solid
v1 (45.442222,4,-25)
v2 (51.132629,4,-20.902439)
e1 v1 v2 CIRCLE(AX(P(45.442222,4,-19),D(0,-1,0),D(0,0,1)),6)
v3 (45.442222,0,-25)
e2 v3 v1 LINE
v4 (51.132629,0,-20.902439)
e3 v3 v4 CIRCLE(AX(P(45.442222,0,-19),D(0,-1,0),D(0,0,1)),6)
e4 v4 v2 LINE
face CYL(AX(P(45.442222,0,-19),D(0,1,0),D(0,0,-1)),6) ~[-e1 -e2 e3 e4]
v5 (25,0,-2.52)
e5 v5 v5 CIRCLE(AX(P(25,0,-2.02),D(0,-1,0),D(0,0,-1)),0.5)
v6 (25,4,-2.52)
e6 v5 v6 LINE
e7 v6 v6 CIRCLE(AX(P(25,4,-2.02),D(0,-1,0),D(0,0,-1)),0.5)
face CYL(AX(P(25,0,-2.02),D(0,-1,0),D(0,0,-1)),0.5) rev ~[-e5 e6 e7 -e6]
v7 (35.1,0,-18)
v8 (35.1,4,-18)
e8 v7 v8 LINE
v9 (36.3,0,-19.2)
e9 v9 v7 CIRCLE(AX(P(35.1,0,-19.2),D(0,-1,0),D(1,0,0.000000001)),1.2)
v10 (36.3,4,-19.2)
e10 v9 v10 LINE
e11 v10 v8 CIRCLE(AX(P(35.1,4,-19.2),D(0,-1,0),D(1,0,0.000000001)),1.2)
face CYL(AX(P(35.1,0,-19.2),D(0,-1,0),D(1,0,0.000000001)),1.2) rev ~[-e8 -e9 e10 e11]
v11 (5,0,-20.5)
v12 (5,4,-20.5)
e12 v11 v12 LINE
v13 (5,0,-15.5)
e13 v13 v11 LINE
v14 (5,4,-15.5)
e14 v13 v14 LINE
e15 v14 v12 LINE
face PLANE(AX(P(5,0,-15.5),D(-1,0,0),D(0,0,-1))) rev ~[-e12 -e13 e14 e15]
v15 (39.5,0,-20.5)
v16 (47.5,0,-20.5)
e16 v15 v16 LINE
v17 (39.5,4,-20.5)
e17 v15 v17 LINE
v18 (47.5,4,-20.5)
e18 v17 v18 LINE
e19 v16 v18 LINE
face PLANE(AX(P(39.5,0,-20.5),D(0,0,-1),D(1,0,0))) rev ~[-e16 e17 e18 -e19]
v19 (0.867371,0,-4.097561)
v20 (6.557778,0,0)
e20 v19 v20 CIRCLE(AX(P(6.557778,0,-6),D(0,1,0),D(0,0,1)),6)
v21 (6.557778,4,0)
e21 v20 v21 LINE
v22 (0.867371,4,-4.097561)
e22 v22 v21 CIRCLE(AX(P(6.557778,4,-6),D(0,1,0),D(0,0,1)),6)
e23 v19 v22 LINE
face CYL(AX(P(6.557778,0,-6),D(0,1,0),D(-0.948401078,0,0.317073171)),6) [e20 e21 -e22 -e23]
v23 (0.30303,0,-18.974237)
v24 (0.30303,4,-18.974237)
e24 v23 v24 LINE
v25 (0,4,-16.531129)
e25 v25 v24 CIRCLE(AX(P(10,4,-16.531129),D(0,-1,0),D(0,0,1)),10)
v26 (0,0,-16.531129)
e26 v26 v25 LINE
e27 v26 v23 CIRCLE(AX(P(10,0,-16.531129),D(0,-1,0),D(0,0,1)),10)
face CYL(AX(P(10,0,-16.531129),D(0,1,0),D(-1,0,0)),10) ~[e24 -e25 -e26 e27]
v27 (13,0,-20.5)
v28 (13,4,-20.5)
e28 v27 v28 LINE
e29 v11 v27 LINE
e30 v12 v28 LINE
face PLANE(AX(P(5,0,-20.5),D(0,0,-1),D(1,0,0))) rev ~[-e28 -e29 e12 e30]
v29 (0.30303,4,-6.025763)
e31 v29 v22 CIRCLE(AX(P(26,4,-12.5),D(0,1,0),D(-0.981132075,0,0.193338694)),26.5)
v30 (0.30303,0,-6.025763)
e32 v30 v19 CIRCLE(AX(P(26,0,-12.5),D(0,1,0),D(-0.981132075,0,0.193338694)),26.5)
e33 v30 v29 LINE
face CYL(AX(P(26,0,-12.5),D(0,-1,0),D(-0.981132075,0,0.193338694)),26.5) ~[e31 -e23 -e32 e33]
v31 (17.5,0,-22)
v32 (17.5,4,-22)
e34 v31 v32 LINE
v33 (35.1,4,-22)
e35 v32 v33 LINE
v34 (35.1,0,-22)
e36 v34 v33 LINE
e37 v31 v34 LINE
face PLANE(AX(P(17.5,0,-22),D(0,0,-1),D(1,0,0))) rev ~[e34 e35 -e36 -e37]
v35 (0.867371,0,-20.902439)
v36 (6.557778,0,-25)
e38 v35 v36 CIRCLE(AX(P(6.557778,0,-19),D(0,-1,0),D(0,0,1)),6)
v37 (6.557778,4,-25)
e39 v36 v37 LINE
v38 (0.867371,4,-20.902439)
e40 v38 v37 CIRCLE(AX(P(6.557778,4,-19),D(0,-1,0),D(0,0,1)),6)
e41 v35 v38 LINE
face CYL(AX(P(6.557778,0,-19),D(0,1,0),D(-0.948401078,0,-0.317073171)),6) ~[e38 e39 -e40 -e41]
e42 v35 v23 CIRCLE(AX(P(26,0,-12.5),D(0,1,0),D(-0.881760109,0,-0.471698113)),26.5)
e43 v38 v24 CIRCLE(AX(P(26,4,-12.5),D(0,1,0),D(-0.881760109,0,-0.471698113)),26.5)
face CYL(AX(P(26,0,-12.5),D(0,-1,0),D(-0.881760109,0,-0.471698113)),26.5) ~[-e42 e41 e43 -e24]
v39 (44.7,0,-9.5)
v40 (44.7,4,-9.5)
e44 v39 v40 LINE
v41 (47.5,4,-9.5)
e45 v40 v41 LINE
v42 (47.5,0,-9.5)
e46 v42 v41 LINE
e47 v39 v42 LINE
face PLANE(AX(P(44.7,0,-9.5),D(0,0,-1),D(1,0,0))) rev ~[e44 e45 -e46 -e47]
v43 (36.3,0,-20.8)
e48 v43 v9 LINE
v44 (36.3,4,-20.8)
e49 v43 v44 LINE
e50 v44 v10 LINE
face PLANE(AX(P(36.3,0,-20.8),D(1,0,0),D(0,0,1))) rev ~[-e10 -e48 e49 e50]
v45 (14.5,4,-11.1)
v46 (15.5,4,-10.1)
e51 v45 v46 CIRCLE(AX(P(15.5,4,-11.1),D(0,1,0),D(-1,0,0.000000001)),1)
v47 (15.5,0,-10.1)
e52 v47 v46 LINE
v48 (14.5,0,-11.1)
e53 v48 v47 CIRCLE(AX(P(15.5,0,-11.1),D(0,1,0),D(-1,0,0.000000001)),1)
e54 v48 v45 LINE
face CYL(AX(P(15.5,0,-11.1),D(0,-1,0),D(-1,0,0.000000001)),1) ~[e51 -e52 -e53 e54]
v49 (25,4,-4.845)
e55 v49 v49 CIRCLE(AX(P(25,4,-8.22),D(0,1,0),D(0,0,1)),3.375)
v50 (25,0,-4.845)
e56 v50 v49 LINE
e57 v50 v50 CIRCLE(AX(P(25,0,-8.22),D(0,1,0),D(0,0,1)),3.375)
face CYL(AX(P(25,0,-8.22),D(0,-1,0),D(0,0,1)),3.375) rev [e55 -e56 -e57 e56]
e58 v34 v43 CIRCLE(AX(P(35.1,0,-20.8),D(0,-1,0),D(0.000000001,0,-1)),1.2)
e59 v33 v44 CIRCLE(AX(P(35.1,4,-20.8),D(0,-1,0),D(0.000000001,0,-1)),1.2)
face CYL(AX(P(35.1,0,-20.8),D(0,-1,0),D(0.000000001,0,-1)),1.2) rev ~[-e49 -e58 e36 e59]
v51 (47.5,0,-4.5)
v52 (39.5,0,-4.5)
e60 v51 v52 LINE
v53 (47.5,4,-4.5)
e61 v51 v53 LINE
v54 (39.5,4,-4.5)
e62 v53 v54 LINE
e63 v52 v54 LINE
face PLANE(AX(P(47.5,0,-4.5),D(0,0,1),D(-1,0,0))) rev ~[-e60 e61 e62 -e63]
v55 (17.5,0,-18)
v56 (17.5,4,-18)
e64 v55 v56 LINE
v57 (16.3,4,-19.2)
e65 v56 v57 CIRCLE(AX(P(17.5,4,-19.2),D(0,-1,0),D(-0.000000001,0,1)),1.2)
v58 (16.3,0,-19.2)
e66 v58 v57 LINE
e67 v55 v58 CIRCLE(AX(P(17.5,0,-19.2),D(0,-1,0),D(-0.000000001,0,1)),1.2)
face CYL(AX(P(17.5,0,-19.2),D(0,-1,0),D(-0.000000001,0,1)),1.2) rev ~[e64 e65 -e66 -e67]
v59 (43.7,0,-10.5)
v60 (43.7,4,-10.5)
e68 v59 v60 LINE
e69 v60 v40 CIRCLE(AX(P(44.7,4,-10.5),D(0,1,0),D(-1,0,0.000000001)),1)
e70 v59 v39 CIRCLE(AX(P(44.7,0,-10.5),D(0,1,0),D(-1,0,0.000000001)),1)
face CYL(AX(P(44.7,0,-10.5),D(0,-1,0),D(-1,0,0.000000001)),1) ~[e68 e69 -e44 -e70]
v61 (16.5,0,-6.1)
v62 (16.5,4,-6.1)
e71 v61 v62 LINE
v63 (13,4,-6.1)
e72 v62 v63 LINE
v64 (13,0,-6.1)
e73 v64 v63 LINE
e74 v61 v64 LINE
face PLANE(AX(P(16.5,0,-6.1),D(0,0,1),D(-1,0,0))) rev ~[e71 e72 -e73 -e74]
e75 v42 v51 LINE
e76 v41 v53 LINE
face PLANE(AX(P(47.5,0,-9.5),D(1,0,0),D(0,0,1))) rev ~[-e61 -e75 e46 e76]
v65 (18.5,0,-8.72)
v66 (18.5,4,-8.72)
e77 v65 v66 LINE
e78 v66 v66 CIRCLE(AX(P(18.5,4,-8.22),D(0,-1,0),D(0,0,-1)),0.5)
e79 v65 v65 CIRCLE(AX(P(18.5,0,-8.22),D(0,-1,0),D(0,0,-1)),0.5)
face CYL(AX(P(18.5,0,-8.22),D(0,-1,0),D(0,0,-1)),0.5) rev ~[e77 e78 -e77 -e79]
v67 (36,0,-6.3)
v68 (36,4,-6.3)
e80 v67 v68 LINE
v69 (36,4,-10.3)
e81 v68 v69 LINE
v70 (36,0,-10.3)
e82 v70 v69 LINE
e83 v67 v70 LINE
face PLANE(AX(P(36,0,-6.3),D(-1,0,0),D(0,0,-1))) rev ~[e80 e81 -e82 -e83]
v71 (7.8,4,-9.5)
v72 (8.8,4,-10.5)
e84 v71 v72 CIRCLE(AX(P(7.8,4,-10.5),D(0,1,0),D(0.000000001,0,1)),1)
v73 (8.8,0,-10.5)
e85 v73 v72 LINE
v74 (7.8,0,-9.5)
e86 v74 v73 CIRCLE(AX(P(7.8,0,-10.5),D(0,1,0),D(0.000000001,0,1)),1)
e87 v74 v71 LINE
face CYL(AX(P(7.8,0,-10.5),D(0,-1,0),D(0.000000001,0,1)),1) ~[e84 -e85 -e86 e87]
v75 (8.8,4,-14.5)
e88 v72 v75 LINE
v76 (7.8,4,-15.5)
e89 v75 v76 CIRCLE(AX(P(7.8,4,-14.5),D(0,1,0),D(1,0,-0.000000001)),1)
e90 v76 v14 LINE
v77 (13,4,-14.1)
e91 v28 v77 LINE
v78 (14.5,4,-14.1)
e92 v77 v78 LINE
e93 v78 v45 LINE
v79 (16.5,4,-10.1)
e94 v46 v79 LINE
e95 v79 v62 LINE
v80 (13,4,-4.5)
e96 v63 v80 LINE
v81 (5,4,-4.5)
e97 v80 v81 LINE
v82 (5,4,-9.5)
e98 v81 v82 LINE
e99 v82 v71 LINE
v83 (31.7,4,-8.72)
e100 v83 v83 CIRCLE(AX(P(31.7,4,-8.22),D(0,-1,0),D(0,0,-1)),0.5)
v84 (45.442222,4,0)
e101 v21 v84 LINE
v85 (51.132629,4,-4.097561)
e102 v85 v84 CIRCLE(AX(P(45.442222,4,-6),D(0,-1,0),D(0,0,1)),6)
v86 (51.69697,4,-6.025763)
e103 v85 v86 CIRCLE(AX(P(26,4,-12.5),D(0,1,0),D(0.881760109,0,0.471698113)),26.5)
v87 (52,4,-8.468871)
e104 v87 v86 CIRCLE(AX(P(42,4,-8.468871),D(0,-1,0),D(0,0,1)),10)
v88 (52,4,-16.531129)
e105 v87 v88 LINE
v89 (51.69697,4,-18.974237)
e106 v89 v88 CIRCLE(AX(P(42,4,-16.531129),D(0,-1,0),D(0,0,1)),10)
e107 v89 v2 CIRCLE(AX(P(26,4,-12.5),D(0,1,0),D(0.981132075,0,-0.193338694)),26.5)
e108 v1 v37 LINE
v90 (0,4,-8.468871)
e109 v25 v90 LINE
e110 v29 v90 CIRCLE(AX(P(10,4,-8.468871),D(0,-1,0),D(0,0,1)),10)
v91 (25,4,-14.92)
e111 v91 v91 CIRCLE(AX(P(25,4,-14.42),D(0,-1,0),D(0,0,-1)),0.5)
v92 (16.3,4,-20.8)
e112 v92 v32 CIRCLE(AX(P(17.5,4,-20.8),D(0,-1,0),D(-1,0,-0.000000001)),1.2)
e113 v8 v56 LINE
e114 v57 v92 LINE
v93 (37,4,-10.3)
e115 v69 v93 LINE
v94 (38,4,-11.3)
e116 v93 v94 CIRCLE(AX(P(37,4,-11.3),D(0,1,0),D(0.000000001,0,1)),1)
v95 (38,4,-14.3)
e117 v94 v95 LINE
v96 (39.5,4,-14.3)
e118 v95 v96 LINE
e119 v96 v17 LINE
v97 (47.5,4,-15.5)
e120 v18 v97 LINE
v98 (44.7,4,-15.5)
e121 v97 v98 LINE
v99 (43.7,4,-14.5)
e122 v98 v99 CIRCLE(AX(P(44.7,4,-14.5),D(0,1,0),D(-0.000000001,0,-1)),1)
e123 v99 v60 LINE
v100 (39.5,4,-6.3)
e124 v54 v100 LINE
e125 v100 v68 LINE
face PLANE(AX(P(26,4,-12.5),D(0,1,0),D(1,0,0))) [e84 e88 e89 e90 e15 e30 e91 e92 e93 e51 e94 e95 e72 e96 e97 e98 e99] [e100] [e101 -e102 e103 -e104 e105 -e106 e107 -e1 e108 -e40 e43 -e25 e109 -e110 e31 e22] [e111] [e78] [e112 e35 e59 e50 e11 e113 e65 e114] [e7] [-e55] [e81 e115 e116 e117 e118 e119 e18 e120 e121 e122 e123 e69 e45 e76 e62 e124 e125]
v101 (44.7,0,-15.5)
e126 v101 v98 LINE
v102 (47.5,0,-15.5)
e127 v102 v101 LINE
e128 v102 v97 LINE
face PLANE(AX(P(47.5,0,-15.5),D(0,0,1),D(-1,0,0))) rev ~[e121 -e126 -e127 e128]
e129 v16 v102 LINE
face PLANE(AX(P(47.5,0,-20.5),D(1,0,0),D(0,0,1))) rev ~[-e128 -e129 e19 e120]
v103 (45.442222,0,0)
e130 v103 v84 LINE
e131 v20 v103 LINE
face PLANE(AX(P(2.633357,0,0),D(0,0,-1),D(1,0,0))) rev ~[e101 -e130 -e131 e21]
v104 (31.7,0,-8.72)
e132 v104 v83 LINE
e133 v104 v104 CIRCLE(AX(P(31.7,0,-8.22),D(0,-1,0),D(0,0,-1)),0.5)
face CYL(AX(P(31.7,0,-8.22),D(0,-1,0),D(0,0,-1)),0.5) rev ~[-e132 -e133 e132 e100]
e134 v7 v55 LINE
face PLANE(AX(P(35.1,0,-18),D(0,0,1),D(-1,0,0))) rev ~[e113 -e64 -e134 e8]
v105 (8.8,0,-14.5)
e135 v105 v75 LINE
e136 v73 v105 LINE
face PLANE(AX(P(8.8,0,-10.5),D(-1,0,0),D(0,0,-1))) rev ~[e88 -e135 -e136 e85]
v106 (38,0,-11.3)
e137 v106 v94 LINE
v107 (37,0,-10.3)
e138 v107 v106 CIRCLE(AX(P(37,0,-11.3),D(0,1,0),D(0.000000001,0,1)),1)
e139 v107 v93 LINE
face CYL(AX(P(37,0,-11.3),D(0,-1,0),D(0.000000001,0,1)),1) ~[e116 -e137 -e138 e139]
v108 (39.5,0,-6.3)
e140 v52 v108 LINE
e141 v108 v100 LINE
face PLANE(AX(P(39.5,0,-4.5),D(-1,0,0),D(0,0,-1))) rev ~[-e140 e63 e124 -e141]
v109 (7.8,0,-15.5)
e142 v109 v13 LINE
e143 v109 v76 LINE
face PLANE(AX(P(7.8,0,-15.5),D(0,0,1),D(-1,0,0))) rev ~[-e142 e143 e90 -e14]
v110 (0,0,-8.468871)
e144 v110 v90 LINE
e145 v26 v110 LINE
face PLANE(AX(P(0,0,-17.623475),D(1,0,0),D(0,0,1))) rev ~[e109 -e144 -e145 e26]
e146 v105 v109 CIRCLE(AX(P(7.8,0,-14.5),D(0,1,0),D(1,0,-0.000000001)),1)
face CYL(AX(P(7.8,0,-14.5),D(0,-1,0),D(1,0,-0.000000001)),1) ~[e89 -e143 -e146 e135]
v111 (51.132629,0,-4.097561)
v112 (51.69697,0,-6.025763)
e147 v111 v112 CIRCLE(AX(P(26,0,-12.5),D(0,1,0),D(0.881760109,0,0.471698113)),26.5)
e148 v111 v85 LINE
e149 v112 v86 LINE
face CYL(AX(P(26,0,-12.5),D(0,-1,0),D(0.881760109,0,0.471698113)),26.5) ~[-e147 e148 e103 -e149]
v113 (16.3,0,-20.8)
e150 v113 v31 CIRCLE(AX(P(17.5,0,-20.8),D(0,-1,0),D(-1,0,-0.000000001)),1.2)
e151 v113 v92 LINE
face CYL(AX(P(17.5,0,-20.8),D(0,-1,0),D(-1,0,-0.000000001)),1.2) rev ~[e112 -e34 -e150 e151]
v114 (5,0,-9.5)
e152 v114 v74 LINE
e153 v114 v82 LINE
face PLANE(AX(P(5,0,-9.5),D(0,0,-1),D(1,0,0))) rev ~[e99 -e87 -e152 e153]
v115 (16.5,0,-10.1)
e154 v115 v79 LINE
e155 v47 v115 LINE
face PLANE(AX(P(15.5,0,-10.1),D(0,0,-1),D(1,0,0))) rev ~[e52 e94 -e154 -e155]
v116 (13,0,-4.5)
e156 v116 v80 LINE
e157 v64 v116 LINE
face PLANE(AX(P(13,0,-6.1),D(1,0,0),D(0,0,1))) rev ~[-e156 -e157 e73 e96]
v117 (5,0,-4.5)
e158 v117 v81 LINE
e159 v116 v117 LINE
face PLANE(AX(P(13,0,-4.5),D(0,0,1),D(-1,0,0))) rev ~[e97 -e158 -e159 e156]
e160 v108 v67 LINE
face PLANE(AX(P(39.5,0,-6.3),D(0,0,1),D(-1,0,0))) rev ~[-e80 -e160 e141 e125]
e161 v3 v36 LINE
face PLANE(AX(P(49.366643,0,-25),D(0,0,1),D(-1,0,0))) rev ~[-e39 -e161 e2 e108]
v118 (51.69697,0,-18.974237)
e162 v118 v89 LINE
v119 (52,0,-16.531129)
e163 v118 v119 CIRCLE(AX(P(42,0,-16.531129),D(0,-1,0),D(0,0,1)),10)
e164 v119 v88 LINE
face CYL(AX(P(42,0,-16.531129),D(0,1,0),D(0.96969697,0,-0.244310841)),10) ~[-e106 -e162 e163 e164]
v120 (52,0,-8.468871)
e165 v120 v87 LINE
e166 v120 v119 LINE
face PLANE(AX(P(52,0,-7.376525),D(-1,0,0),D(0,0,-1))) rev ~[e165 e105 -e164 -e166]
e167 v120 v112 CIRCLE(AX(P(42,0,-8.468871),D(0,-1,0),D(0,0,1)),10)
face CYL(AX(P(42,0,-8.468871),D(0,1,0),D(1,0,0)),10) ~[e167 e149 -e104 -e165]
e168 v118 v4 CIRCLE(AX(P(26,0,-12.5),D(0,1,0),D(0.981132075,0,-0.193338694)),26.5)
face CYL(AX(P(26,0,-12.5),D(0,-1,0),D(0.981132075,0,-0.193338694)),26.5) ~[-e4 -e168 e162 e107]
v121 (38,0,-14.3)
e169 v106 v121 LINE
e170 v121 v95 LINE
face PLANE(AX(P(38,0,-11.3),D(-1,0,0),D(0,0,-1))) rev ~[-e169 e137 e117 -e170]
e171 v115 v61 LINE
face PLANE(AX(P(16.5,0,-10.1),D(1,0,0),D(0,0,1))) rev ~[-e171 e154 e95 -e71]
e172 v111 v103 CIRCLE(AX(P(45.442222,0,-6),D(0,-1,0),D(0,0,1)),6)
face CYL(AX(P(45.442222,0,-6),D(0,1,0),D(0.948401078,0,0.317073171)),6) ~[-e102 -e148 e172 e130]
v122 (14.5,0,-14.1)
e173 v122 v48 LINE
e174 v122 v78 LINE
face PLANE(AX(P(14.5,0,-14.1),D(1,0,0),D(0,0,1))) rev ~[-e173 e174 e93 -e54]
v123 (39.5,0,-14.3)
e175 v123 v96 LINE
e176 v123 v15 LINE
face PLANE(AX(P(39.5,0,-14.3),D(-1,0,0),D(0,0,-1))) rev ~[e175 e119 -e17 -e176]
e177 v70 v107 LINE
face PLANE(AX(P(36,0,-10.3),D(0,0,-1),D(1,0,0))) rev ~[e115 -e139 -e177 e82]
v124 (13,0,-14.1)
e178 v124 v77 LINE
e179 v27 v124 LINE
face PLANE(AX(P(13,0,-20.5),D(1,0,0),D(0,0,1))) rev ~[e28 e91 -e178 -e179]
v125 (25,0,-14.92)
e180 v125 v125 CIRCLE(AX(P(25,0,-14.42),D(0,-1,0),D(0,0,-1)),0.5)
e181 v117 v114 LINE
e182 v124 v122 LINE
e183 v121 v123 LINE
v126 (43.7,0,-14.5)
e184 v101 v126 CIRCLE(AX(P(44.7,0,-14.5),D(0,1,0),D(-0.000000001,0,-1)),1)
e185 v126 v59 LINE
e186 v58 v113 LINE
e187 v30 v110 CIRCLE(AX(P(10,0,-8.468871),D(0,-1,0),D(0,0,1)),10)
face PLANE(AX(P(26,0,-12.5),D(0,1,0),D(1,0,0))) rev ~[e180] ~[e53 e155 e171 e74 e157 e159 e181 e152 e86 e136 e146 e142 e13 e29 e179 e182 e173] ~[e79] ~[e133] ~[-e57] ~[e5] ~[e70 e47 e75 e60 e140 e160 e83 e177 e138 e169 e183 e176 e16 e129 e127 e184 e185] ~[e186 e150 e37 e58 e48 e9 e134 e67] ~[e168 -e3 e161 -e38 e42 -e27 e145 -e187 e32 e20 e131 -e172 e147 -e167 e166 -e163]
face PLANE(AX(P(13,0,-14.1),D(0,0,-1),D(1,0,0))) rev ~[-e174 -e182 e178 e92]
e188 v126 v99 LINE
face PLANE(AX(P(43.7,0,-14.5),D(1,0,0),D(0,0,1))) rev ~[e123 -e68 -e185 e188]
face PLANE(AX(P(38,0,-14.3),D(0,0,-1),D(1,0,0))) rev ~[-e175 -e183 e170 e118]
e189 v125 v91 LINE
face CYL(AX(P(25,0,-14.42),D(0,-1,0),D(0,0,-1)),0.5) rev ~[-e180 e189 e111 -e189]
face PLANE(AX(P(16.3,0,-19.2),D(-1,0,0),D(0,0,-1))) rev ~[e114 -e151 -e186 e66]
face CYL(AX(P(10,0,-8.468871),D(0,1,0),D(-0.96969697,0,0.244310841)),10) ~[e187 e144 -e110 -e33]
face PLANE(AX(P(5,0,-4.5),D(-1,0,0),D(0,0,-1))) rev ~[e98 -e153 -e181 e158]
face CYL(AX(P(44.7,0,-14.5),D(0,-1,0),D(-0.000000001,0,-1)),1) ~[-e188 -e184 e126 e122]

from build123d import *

# Parameters (mm, degrees)
SCHIZZO1_R                   = 3.375
ESTRUSIONE_ESTRUSIONE1_DEPTH = 4
RACCORDO1_R                  = 6
RACCORDO4_R                  = 6
RACCORDO5_R                  = 6
RACCORDO6_R                  = 6
RACCORDO8_R                  = 10
RACCORDO9_R                  = 10
RACCORDO10_R                 = 10
RACCORDO11_R                 = 10
SCHIZZO2_R                   = 0.5
TAGLIO_ESTRUSIONE1_DEPTH     = 58.835974964


with BuildPart() as part:
    # Schizzo1 → Estrusione-Estrusione1 (new body)
    with BuildSketch(Plane(origin=(0, 0, 0), x_dir=(1, 0, 0), z_dir=(0, 1, 0))):
        with BuildLine():
            ThreePointArc((0, 7.376524617), (1.042643641, 3.590434154), (2.633357109, 0))
            Line((2.633357109, 0), (49.366642891, 0))
            ThreePointArc((49.366642891, 0), (50.957356359, 3.590434154), (52, 7.376524617))
            Line((52, 7.376524617), (52, 17.623475383))
            ThreePointArc((52, 17.623475383), (50.957356359, 21.409565846), (49.366642891, 25))
            Line((49.366642891, 25), (2.633357109, 25))
            ThreePointArc((2.633357109, 25), (1.042643641, 21.409565846), (0, 17.623475383))
            Line((0, 17.623475383), (0, 7.376524617))
        make_face()
        with BuildLine():
            Line((17.5, 22), (35.1, 22))
            ThreePointArc((35.1, 22), (35.948528137, 21.648528137), (36.3, 20.8))
            Line((36.3, 20.8), (36.3, 19.2))
            ThreePointArc((36.3, 19.2), (35.948528137, 18.351471863), (35.1, 18))
            Line((35.1, 18), (17.5, 18))
            ThreePointArc((17.5, 18), (16.651471863, 18.351471863), (16.3, 19.2))
            Line((16.3, 19.2), (16.3, 20.8))
            ThreePointArc((16.3, 20.8), (16.651471863, 21.648528137), (17.5, 22))
        make_face(mode=Mode.SUBTRACT)
        with Locations(Location((25, 8.22, 0), (0, 0, 270))):
            Circle(SCHIZZO1_R, mode=Mode.SUBTRACT)
        with BuildLine():
            Line((5, 15.5), (5, 20.5))
            Line((5, 20.5), (13, 20.5))
            Line((13, 20.5), (13, 14.1))
            Line((13, 14.1), (14.5, 14.1))
            Line((14.5, 14.1), (14.5, 11.1))
            ThreePointArc((14.5, 11.1), (14.792893219, 10.392893219), (15.5, 10.1))
            Line((15.5, 10.1), (16.5, 10.1))
            Line((16.5, 10.1), (16.5, 6.1))
            Line((16.5, 6.1), (13, 6.1))
            Line((13, 6.1), (13, 4.5))
            Line((13, 4.5), (5, 4.5))
            Line((5, 4.5), (5, 9.5))
            Line((5, 9.5), (7.8, 9.5))
            ThreePointArc((7.8, 9.5), (8.507106781, 9.792893219), (8.8, 10.5))
            Line((8.8, 10.5), (8.8, 14.5))
            ThreePointArc((8.8, 14.5), (8.507106781, 15.207106781), (7.8, 15.5))
            Line((7.8, 15.5), (5, 15.5))
        make_face(mode=Mode.SUBTRACT)
        with BuildLine():
            Line((36, 10.3), (37, 10.3))
            ThreePointArc((37, 10.3), (37.707106781, 10.592893219), (38, 11.3))
            Line((38, 11.3), (38, 14.3))
            Line((38, 14.3), (39.5, 14.3))
            Line((39.5, 14.3), (39.5, 20.5))
            Line((39.5, 20.5), (47.5, 20.5))
            Line((47.5, 20.5), (47.5, 15.5))
            Line((47.5, 15.5), (44.7, 15.5))
            ThreePointArc((44.7, 15.5), (43.992893219, 15.207106781), (43.7, 14.5))
            Line((43.7, 14.5), (43.7, 10.5))
            ThreePointArc((43.7, 10.5), (43.992893219, 9.792893219), (44.7, 9.5))
            Line((44.7, 9.5), (47.5, 9.5))
            Line((47.5, 9.5), (47.5, 4.5))
            Line((47.5, 4.5), (39.5, 4.5))
            Line((39.5, 4.5), (39.5, 6.3))
            Line((39.5, 6.3), (36, 6.3))
            Line((36, 6.3), (36, 10.3))
        make_face(mode=Mode.SUBTRACT)
    extrude(amount=ESTRUSIONE_ESTRUSIONE1_DEPTH)

    # Raccordo1
    raccordo1_edges = [part.edges().sort_by_distance(p)[0] for p in [
        (2.633357109, 2, -25),
    ]]
    fillet(raccordo1_edges, radius=RACCORDO1_R)

    # Raccordo4
    raccordo4_edges = [part.edges().sort_by_distance(p)[0] for p in [
        (2.633357109, 2, 0),
    ]]
    fillet(raccordo4_edges, radius=RACCORDO4_R)

    # Raccordo5
    raccordo5_edges = [part.edges().sort_by_distance(p)[0] for p in [
        (49.366642891, 2, -25),
    ]]
    fillet(raccordo5_edges, radius=RACCORDO5_R)

    # Raccordo6
    raccordo6_edges = [part.edges().sort_by_distance(p)[0] for p in [
        (49.366642891, 2, 0),
    ]]
    fillet(raccordo6_edges, radius=RACCORDO6_R)

    # Raccordo8
    raccordo8_edges = [part.edges().sort_by_distance(p)[0] for p in [
        (0, 2, -7.376524617),
    ]]
    fillet(raccordo8_edges, radius=RACCORDO8_R)

    # Raccordo9
    raccordo9_edges = [part.edges().sort_by_distance(p)[0] for p in [
        (0, 2, -17.623475383),
    ]]
    fillet(raccordo9_edges, radius=RACCORDO9_R)

    # Raccordo10
    raccordo10_edges = [part.edges().sort_by_distance(p)[0] for p in [
        (52, 2, -17.623475383),
    ]]
    fillet(raccordo10_edges, radius=RACCORDO10_R)

    # Raccordo11
    raccordo11_edges = [part.edges().sort_by_distance(p)[0] for p in [
        (52, 2, -7.376524617),
    ]]
    fillet(raccordo11_edges, radius=RACCORDO11_R)

    # Schizzo2 → Taglio-Estrusione1 (cut, through all)
    with BuildSketch(Plane.XZ):
        with Locations(Location((25, -14.42, 0), (0, 0, 270))):
            Circle(SCHIZZO2_R)
        with Locations(Location((31.7, -8.22, 0), (0, 0, 270))):
            Circle(SCHIZZO2_R)
        with Locations(Location((18.5, -8.22, 0), (0, 0, 270))):
            Circle(SCHIZZO2_R)
        with Locations(Location((25, -2.02, 0), (0, 0, 270))):
            Circle(SCHIZZO2_R)
    extrude(amount=-TAGLIO_ESTRUSIONE1_DEPTH, mode=Mode.SUBTRACT)


solid = part.part
